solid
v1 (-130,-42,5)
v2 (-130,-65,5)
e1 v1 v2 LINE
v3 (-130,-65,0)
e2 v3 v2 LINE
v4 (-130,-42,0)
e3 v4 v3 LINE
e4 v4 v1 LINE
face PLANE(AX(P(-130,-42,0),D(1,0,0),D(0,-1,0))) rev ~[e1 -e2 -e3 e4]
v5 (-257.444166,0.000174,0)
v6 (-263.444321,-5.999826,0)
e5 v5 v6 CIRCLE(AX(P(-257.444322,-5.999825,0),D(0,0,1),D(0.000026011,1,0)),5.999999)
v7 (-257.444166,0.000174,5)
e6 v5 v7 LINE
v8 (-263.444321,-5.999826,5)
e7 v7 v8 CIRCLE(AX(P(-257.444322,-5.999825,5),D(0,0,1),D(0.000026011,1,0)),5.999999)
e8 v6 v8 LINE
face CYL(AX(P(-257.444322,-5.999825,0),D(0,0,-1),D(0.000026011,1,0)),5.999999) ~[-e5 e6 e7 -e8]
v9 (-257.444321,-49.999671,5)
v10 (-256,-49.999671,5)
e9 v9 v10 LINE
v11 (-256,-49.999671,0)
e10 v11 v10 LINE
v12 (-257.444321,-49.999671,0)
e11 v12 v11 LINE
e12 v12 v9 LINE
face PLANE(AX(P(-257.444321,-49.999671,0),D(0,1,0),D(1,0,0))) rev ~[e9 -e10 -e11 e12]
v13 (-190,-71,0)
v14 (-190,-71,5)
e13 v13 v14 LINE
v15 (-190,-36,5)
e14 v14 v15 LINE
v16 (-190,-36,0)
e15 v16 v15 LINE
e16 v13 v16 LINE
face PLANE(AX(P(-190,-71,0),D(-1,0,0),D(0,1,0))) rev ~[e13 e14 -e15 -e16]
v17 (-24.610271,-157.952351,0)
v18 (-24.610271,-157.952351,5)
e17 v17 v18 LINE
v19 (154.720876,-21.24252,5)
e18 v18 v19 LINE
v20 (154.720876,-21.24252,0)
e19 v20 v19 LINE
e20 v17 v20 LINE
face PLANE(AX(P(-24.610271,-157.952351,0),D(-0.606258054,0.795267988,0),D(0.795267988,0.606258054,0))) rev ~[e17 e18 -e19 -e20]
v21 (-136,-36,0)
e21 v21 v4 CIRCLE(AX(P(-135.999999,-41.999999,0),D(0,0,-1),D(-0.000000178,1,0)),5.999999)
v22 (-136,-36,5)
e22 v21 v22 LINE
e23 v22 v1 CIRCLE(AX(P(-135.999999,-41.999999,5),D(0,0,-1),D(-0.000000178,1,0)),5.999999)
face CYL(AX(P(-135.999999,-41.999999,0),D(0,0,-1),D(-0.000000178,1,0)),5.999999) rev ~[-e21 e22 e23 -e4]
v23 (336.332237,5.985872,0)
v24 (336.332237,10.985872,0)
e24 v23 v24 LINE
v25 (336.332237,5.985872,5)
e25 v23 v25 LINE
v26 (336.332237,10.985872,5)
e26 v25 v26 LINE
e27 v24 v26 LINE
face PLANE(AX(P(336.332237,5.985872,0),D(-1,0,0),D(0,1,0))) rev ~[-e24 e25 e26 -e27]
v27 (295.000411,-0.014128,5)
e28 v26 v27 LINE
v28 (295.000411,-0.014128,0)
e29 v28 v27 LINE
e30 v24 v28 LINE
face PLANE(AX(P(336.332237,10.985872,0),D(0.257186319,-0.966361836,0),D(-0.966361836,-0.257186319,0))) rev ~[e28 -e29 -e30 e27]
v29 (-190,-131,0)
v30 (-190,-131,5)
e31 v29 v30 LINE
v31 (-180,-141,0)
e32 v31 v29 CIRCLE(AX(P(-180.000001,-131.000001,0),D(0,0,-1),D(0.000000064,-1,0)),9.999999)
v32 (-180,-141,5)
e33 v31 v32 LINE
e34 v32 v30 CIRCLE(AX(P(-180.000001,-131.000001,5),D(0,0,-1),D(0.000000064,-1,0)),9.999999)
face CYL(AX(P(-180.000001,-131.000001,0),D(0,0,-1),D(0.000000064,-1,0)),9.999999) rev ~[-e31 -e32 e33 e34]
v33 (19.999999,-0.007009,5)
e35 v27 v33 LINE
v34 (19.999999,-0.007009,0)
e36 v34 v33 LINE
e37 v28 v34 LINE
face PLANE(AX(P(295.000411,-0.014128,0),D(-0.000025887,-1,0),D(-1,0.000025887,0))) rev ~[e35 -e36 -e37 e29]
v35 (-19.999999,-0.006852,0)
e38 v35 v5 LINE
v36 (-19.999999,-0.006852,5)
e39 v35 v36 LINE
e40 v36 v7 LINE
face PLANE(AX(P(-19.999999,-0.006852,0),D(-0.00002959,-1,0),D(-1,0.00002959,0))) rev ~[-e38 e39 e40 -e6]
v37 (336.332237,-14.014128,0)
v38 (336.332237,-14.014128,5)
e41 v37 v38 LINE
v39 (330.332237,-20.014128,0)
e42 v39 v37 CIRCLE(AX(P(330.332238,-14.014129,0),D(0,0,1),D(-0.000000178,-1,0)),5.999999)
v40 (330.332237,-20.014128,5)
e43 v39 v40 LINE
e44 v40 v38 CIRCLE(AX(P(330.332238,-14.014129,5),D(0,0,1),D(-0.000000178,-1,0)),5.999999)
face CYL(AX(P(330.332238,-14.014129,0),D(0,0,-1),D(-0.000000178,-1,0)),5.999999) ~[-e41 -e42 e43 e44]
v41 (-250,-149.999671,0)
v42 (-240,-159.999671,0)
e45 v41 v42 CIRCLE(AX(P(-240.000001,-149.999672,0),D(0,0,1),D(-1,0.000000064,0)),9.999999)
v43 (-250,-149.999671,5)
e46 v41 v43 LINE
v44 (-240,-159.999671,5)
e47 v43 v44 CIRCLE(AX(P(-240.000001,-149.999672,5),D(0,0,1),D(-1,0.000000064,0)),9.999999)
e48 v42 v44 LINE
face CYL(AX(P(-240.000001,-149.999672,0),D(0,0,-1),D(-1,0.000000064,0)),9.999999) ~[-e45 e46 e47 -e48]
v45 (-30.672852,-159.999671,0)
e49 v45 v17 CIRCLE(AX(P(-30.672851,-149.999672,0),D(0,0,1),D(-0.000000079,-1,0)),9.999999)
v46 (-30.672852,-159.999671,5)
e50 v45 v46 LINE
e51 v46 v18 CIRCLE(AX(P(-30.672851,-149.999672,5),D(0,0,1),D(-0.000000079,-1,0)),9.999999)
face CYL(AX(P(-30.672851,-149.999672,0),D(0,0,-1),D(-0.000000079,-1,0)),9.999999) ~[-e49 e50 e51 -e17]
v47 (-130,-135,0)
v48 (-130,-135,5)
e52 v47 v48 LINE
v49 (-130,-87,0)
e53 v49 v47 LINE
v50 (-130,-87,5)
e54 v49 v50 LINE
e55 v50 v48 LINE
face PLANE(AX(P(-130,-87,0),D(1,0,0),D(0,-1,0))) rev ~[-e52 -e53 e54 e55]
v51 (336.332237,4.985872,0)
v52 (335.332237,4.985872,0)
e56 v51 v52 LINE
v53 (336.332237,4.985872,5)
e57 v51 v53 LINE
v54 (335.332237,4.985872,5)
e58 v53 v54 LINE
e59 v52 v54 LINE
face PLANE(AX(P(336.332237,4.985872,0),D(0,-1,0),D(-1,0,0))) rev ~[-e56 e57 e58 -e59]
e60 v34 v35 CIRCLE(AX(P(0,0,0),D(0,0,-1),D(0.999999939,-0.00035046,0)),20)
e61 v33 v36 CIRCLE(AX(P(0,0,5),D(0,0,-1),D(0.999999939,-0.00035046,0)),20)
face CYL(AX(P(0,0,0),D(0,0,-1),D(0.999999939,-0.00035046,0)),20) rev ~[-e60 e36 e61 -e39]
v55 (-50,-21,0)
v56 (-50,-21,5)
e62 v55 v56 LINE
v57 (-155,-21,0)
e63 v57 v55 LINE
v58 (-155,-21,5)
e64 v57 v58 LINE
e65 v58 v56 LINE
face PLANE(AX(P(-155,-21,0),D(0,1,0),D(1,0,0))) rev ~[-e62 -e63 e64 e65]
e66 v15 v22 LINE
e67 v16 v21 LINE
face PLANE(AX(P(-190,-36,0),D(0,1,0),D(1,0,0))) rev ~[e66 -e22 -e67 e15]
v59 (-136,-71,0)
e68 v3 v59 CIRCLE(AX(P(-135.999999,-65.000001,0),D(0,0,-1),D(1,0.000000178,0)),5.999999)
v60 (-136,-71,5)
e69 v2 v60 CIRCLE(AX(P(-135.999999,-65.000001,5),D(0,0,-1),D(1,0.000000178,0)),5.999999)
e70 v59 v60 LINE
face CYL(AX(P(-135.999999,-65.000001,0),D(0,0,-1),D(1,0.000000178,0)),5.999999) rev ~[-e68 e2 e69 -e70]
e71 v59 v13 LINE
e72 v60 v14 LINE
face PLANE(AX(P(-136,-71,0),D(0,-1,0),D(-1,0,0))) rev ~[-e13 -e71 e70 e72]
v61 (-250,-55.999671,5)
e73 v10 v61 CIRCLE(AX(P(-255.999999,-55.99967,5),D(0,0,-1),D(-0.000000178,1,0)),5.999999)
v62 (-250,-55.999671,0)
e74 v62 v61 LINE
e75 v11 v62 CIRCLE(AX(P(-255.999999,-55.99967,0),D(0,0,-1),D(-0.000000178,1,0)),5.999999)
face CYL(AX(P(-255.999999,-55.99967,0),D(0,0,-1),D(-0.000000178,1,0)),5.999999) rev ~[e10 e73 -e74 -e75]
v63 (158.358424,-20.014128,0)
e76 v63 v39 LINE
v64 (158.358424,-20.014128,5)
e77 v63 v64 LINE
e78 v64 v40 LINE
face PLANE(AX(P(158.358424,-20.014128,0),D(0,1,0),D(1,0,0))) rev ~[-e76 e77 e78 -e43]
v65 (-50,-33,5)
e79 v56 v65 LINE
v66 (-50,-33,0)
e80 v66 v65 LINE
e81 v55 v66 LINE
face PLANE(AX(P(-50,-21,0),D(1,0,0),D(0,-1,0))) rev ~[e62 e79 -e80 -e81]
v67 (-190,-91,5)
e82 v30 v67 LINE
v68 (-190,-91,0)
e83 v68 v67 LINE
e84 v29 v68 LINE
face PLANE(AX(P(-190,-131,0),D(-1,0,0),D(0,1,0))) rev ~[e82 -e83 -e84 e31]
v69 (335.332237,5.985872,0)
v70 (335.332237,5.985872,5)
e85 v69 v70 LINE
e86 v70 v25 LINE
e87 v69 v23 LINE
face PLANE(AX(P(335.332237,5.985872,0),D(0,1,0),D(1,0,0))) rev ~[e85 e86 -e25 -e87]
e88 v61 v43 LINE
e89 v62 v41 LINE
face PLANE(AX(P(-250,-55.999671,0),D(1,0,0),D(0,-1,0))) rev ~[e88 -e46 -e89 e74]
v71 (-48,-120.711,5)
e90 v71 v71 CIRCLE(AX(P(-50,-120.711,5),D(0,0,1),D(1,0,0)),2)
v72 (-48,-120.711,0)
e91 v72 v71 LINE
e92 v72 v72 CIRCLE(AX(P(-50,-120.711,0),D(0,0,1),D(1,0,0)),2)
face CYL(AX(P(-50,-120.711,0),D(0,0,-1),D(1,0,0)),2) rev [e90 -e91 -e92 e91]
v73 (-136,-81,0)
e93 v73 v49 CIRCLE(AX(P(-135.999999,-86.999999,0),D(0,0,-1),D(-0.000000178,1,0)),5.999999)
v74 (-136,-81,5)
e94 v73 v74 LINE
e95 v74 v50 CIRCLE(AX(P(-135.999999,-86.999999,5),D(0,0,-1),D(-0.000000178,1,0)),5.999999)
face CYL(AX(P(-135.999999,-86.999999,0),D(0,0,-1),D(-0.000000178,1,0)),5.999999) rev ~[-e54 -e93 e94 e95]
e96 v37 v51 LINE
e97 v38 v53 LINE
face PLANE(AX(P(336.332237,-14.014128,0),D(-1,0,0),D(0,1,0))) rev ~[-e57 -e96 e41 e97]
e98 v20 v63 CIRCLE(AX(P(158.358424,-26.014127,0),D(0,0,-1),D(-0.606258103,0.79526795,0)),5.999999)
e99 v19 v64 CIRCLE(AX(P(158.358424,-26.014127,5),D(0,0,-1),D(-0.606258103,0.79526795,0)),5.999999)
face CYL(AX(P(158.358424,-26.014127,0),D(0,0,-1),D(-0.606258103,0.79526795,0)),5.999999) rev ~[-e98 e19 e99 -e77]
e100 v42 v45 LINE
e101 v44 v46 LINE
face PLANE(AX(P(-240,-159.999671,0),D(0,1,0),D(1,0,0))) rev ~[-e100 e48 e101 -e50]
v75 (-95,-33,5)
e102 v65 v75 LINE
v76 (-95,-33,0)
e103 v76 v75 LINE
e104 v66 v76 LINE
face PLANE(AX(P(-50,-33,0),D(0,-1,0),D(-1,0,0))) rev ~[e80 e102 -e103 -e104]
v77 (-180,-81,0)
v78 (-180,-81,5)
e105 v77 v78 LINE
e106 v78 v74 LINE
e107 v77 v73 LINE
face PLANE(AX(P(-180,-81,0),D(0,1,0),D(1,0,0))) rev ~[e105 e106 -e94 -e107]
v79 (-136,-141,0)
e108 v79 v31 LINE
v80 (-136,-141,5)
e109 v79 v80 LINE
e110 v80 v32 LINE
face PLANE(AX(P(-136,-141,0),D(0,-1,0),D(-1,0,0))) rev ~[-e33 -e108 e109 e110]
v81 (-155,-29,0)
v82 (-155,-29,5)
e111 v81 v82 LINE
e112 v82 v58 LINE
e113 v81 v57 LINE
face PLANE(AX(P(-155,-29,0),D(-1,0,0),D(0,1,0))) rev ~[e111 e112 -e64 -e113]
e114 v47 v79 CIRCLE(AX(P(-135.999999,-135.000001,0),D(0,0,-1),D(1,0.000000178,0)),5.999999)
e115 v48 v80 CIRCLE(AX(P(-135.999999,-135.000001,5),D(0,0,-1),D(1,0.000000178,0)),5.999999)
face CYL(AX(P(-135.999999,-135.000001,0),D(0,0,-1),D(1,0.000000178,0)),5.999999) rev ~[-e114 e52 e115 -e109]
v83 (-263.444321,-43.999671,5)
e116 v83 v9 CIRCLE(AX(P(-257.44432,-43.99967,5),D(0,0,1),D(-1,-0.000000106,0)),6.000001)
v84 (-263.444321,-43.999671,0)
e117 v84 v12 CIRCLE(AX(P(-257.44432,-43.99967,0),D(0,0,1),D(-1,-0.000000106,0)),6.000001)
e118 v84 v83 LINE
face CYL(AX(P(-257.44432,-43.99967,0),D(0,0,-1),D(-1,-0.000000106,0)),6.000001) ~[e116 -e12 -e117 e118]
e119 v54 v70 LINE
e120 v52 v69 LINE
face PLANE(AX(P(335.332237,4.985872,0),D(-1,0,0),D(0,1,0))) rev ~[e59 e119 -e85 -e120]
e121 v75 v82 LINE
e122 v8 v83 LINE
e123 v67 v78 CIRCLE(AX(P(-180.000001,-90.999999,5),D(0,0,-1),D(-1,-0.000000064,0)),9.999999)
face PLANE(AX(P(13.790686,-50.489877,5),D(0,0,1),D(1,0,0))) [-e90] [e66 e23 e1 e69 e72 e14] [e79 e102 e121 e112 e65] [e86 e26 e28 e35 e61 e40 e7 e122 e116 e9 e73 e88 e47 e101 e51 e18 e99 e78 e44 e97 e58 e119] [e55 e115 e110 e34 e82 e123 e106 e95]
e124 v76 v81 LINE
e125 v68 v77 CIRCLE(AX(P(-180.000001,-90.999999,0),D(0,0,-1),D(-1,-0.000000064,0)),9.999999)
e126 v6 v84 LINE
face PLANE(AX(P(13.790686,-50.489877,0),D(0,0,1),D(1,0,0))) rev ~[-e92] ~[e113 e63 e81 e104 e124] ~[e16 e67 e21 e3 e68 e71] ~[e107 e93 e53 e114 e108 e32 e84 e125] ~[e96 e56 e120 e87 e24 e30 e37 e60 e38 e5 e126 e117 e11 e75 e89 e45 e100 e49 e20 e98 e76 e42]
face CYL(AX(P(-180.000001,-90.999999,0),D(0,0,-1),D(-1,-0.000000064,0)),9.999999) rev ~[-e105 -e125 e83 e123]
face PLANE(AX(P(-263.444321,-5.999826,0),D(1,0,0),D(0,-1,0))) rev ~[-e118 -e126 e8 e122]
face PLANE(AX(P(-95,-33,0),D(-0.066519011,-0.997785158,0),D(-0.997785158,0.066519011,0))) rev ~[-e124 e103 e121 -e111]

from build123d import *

# Parameters (mm, degrees)
F0_R     = 2
F1_DEPTH = 5


with BuildPart() as f1:
    # F0 (on Top) → F1 (new body)
    with BuildSketch(Plane.XY):
        with BuildLine():
            Line((336.332237, -14.014128), (336.332237, 4.985872))
            Line((336.332237, 4.985872), (335.332237, 4.985872))
            Line((335.332237, 4.985872), (335.332237, 5.985872))
            Line((335.332237, 5.985872), (336.332237, 5.985872))
            Line((336.332237, 5.985872), (336.332237, 10.985872))
            Line((336.332237, 10.985872), (295.000411, -0.014128))
            Line((295.000411, -0.014128), (19.999999, -0.007009))
            ThreePointArc((19.999999, -0.007009), (-7.8e-05, -20), (-19.999999, -0.006852))
            Line((-19.999999, -0.006852), (-257.444166, 0.000174))
            ThreePointArc((-257.444166, 0.000174), (-261.686907, -1.75713), (-263.444321, -5.999826))
            Line((-263.444321, -5.999826), (-263.444321, -43.999671))
            ThreePointArc((-263.444321, -43.999671), (-261.686962, -48.242311), (-257.444321, -49.999671))
            Line((-257.444321, -49.999671), (-256, -49.999671))
            ThreePointArc((-256, -49.999671), (-251.757359, -51.75703), (-250, -55.999671))
            Line((-250, -55.999671), (-250, -149.999671))
            ThreePointArc((-250, -149.999671), (-247.071068, -157.070739), (-240, -159.999671))
            Line((-240, -159.999671), (-30.672852, -159.999671))
            ThreePointArc((-30.672852, -159.999671), (-27.473383, -159.474026), (-24.610271, -157.952351))
            Line((-24.610271, -157.952351), (154.720876, -21.24252))
            ThreePointArc((154.720876, -21.24252), (156.438743, -20.329515), (158.358424, -20.014128))
            Line((158.358424, -20.014128), (330.332237, -20.014128))
            ThreePointArc((330.332237, -20.014128), (334.574878, -18.256769), (336.332237, -14.014128))
        make_face()
        with Locations((-50, -120.711)):
            Circle(F0_R, mode=Mode.SUBTRACT)
        with BuildLine():
            Line((-180, -81), (-136, -81))
            ThreePointArc((-136, -81), (-131.757359, -82.757359), (-130, -87))
            Line((-130, -87), (-130, -135))
            ThreePointArc((-130, -135), (-131.757359, -139.242641), (-136, -141))
            Line((-136, -141), (-180, -141))
            ThreePointArc((-180, -141), (-187.071068, -138.071068), (-190, -131))
            Line((-190, -131), (-190, -91))
            ThreePointArc((-190, -91), (-187.071068, -83.928932), (-180, -81))
        make_face(mode=Mode.SUBTRACT)
        with BuildLine():
            Line((-190, -36), (-136, -36))
            ThreePointArc((-136, -36), (-131.757359, -37.757359), (-130, -42))
            Line((-130, -42), (-130, -65))
            ThreePointArc((-130, -65), (-131.757359, -69.242641), (-136, -71))
            Line((-136, -71), (-190, -71))
            Line((-190, -71), (-190, -36))
        make_face(mode=Mode.SUBTRACT)
        Polygon((-155, -21), (-50, -21), (-50, -33), (-95, -33), (-155, -29), (-155, -25), align=None, mode=Mode.SUBTRACT)
    extrude(amount=F1_DEPTH)


solid = f1.part
